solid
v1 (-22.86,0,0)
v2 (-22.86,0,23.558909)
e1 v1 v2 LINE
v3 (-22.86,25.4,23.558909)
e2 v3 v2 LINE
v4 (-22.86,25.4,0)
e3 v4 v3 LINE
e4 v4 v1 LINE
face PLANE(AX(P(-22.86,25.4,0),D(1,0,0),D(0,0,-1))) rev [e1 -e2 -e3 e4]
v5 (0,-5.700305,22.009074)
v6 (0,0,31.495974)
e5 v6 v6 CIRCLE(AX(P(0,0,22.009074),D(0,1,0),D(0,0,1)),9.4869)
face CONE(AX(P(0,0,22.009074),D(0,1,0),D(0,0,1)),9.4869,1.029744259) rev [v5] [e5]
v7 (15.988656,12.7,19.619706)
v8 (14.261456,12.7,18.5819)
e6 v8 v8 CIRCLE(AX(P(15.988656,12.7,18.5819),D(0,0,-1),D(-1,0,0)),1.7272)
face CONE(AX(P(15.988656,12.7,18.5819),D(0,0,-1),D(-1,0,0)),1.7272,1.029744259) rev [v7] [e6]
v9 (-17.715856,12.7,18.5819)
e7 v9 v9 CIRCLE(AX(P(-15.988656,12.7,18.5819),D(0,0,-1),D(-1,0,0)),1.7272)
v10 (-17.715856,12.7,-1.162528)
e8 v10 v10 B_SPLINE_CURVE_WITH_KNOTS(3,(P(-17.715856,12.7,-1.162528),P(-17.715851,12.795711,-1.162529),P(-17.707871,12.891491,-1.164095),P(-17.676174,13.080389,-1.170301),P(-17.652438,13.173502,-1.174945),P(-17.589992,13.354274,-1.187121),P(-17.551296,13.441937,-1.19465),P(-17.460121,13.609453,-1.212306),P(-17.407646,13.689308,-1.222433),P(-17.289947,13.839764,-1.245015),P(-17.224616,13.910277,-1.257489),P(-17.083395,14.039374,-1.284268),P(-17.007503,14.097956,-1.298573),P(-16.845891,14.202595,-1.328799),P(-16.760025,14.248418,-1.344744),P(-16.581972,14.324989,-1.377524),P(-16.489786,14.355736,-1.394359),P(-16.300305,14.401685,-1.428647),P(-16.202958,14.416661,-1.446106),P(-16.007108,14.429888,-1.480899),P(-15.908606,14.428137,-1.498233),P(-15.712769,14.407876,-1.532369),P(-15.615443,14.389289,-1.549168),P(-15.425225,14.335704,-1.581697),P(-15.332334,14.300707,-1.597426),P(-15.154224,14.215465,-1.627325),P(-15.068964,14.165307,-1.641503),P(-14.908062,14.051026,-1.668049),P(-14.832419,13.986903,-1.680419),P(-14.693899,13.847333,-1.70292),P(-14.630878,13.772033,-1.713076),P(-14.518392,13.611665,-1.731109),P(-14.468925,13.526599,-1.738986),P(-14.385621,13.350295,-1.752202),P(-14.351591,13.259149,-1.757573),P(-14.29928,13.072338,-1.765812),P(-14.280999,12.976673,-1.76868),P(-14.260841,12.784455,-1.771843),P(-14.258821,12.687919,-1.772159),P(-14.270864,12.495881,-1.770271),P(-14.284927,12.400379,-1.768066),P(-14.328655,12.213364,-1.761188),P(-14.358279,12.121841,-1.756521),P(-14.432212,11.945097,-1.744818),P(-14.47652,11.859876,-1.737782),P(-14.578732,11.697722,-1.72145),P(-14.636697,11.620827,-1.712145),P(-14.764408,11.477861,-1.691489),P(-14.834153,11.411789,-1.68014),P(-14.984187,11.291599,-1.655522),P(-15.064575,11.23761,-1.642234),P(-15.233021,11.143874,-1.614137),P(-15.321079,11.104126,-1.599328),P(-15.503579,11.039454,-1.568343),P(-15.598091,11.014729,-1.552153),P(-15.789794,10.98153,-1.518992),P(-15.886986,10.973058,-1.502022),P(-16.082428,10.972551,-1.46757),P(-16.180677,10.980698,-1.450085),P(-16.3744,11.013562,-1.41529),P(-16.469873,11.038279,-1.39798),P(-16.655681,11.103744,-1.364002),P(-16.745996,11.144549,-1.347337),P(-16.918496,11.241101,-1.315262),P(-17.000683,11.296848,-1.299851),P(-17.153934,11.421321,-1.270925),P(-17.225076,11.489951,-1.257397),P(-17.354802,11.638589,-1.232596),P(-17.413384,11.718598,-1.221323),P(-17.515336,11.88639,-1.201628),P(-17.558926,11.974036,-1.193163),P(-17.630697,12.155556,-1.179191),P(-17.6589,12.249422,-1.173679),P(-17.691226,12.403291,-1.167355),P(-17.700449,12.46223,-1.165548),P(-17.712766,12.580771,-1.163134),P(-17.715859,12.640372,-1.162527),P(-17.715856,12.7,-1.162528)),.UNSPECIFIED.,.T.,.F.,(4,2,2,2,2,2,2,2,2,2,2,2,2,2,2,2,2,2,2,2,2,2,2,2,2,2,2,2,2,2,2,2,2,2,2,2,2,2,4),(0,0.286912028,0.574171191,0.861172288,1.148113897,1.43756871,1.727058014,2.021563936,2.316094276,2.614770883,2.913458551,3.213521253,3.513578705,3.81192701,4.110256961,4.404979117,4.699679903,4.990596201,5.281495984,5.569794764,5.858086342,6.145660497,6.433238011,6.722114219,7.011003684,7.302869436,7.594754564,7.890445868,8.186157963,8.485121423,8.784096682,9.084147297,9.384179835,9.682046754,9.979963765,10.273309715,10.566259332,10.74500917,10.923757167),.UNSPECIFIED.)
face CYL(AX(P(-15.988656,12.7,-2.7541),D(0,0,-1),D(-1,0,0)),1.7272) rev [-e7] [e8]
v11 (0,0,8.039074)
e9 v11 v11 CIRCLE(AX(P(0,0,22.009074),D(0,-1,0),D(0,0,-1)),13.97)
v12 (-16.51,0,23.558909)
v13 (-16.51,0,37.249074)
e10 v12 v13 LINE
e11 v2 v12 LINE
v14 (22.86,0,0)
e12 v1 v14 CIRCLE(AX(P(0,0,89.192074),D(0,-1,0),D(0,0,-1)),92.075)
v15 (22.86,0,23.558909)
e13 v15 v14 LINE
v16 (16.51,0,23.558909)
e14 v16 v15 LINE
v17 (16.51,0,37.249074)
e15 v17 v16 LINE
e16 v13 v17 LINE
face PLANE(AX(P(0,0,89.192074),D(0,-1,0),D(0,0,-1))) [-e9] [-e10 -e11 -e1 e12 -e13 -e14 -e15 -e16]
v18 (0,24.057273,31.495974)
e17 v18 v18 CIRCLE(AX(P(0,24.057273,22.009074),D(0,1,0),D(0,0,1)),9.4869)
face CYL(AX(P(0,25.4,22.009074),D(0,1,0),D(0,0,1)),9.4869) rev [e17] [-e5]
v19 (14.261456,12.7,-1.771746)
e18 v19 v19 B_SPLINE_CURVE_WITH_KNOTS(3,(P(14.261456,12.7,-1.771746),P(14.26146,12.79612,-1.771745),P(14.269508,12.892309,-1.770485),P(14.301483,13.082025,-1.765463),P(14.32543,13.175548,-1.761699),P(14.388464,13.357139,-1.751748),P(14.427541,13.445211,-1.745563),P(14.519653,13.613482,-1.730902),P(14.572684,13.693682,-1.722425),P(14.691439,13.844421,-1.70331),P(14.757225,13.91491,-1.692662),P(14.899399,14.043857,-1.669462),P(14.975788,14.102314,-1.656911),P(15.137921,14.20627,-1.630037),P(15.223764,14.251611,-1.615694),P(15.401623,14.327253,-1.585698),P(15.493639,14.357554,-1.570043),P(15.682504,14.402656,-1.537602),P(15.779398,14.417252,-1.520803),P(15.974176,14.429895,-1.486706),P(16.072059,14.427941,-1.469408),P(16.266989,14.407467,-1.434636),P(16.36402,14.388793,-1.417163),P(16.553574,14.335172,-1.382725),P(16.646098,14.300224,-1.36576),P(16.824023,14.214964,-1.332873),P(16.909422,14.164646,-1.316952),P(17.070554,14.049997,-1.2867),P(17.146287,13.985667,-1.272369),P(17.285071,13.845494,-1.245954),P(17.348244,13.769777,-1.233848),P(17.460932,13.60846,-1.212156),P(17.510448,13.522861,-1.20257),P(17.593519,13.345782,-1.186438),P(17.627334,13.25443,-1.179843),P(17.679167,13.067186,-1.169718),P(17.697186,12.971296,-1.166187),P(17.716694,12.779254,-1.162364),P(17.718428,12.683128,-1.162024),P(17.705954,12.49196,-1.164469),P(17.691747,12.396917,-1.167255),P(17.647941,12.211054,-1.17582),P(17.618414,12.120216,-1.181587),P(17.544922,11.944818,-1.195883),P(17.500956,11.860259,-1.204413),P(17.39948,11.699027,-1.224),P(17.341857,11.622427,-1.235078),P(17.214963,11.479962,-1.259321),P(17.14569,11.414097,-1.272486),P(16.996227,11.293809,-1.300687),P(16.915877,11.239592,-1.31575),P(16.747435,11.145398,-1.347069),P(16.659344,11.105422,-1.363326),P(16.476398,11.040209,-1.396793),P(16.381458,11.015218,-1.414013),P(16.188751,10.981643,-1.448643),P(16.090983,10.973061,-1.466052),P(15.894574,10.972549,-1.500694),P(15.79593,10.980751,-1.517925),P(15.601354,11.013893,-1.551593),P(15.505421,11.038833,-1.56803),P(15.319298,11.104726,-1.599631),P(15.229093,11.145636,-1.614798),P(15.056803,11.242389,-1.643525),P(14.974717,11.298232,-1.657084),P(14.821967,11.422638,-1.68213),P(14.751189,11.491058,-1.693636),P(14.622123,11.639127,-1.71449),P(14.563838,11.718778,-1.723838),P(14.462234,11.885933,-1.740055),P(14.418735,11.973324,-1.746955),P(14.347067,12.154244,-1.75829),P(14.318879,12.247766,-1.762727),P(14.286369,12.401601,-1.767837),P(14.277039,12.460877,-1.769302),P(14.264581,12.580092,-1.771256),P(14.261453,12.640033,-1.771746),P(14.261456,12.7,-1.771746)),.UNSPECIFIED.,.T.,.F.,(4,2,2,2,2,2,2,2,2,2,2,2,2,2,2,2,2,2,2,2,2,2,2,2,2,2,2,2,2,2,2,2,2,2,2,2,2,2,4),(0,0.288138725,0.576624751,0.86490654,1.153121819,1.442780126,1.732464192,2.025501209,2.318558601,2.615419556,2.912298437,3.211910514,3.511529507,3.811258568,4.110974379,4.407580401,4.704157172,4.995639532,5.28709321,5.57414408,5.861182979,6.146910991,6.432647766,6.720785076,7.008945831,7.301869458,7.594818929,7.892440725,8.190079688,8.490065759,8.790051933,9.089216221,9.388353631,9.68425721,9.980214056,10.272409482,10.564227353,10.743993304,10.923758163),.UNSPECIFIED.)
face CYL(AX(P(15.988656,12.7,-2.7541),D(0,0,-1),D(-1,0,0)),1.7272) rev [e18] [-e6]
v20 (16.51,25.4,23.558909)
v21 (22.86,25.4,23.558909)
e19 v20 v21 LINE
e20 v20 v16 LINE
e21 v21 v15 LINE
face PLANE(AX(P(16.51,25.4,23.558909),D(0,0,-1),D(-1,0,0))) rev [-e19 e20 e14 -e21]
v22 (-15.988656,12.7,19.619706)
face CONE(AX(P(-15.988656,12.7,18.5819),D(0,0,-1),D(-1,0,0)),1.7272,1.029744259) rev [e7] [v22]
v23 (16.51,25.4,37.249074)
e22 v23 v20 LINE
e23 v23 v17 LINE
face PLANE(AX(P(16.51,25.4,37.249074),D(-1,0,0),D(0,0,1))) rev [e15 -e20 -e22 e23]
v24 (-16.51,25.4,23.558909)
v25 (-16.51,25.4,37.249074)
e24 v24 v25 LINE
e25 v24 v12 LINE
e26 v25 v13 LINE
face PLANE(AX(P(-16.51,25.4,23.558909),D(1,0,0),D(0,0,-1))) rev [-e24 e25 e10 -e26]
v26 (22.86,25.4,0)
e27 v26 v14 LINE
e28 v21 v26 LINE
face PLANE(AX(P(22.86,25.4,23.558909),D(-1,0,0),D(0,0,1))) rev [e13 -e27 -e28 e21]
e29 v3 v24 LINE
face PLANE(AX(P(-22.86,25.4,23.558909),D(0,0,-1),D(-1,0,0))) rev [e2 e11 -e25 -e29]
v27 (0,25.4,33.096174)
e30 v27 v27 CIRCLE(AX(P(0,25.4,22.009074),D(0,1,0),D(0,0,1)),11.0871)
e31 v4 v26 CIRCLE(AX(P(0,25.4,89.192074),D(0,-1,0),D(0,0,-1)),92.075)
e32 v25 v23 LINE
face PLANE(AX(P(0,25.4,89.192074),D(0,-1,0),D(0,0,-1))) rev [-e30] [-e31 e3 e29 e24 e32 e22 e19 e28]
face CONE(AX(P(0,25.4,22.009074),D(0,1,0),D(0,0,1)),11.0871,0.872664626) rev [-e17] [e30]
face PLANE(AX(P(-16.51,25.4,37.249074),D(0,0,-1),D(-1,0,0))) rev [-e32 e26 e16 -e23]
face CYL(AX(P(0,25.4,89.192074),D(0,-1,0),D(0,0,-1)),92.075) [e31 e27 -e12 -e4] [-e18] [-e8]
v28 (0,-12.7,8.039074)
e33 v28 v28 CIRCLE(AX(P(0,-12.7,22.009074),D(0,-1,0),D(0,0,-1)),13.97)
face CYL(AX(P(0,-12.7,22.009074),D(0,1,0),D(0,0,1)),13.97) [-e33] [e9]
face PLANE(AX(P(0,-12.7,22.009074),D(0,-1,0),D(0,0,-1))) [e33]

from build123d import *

# Parameters (mm, degrees)
BOSS_EXTRUDE1_DEPTH                    = 25.4
SKETCH21_R                             = 13.97
BOSS_EXTRUDE2_DEPTH                    = 12.7
F_1_2_14_NPSM_TAPPED_HOLE1_D           = 18.9738
F_1_2_14_NPSM_TAPPED_HOLE1_DEPTH       = 25.4
F_1_2_14_NPSM_TAPPED_HOLE1_CSINK_D     = 22.1742
F_1_2_14_NPSM_TAPPED_HOLE1_CSINK_ANGLE = 100
F_1_2_14_NPSM_TAPPED_HOLE1_TIP         = 5.700304607


with BuildPart() as part:
    # Sketch1 → Boss-Extrude1 (new body)
    with BuildSketch(Plane(origin=(0, 0, 0), x_dir=(1, 0, 0), z_dir=(0, 1, 0))):
        with BuildLine():
            Line((-16.51, -37.249073779), (16.51, -37.249073779))
            Line((16.51, -37.249073779), (16.51, -23.558908882))
            Line((16.51, -23.558908882), (22.86, -23.558908882))
            Line((22.86, -23.558908882), (22.86, 0))
            ThreePointArc((22.86, 0), (0, 2.882926221), (-22.86, 0))
            Line((-22.86, 0), (-22.86, -23.558908882))
            Line((-22.86, -23.558908882), (-16.51, -23.558908882))
            Line((-16.51, -23.558908882), (-16.51, -37.249073779))
        make_face()
    extrude(amount=BOSS_EXTRUDE1_DEPTH)

    # Sketch21 → Boss-Extrude2 (add)
    with BuildSketch(Plane.XZ):
        with Locations((0, 22.009073779)):
            Circle(SKETCH21_R)
    extrude(amount=BOSS_EXTRUDE2_DEPTH)

    # 1/2-14 NPSM Tapped Hole1
    with Locations(Plane(origin=(0, 25.4, 0), x_dir=(1, 0, 0), z_dir=(0, 1, 0))):
        with Locations((0, -22.009073779)):
            CounterSinkHole(F_1_2_14_NPSM_TAPPED_HOLE1_D / 2, F_1_2_14_NPSM_TAPPED_HOLE1_CSINK_D / 2, depth=F_1_2_14_NPSM_TAPPED_HOLE1_DEPTH, counter_sink_angle=F_1_2_14_NPSM_TAPPED_HOLE1_CSINK_ANGLE)
            with Locations((0, 0, -(F_1_2_14_NPSM_TAPPED_HOLE1_DEPTH + F_1_2_14_NPSM_TAPPED_HOLE1_TIP / 2))):  # 118° drill point
                Cone(0, F_1_2_14_NPSM_TAPPED_HOLE1_D / 2, F_1_2_14_NPSM_TAPPED_HOLE1_TIP, mode=Mode.SUBTRACT)

    # Sketch26 → Tap Drill for #8-32 Tap1 (revolve, cut)
    with BuildSketch(Plane(origin=(-15.988655959, 12.7, -2.75410008), x_dir=(0, 1, 0), z_dir=(1, 0, 0))):
        Polygon((0, 0), (0, 22.373806461), (1.7272, 21.336), (1.7272, 0), align=None)
    tap_drill_for_8_32_tap1 = revolve(axis=Axis((-15.988655959, 12.7, -9.10410008), (0, 0, 1)), mode=Mode.SUBTRACT)

    # Mirror1: Tap Drill for #8-32 Tap1 across plane
    add(tap_drill_for_8_32_tap1.mirror(Plane(origin=(0, 0, 0), x_dir=(0, 0, 1), z_dir=(1, 0, 0))), mode=Mode.SUBTRACT)


solid = part.part
